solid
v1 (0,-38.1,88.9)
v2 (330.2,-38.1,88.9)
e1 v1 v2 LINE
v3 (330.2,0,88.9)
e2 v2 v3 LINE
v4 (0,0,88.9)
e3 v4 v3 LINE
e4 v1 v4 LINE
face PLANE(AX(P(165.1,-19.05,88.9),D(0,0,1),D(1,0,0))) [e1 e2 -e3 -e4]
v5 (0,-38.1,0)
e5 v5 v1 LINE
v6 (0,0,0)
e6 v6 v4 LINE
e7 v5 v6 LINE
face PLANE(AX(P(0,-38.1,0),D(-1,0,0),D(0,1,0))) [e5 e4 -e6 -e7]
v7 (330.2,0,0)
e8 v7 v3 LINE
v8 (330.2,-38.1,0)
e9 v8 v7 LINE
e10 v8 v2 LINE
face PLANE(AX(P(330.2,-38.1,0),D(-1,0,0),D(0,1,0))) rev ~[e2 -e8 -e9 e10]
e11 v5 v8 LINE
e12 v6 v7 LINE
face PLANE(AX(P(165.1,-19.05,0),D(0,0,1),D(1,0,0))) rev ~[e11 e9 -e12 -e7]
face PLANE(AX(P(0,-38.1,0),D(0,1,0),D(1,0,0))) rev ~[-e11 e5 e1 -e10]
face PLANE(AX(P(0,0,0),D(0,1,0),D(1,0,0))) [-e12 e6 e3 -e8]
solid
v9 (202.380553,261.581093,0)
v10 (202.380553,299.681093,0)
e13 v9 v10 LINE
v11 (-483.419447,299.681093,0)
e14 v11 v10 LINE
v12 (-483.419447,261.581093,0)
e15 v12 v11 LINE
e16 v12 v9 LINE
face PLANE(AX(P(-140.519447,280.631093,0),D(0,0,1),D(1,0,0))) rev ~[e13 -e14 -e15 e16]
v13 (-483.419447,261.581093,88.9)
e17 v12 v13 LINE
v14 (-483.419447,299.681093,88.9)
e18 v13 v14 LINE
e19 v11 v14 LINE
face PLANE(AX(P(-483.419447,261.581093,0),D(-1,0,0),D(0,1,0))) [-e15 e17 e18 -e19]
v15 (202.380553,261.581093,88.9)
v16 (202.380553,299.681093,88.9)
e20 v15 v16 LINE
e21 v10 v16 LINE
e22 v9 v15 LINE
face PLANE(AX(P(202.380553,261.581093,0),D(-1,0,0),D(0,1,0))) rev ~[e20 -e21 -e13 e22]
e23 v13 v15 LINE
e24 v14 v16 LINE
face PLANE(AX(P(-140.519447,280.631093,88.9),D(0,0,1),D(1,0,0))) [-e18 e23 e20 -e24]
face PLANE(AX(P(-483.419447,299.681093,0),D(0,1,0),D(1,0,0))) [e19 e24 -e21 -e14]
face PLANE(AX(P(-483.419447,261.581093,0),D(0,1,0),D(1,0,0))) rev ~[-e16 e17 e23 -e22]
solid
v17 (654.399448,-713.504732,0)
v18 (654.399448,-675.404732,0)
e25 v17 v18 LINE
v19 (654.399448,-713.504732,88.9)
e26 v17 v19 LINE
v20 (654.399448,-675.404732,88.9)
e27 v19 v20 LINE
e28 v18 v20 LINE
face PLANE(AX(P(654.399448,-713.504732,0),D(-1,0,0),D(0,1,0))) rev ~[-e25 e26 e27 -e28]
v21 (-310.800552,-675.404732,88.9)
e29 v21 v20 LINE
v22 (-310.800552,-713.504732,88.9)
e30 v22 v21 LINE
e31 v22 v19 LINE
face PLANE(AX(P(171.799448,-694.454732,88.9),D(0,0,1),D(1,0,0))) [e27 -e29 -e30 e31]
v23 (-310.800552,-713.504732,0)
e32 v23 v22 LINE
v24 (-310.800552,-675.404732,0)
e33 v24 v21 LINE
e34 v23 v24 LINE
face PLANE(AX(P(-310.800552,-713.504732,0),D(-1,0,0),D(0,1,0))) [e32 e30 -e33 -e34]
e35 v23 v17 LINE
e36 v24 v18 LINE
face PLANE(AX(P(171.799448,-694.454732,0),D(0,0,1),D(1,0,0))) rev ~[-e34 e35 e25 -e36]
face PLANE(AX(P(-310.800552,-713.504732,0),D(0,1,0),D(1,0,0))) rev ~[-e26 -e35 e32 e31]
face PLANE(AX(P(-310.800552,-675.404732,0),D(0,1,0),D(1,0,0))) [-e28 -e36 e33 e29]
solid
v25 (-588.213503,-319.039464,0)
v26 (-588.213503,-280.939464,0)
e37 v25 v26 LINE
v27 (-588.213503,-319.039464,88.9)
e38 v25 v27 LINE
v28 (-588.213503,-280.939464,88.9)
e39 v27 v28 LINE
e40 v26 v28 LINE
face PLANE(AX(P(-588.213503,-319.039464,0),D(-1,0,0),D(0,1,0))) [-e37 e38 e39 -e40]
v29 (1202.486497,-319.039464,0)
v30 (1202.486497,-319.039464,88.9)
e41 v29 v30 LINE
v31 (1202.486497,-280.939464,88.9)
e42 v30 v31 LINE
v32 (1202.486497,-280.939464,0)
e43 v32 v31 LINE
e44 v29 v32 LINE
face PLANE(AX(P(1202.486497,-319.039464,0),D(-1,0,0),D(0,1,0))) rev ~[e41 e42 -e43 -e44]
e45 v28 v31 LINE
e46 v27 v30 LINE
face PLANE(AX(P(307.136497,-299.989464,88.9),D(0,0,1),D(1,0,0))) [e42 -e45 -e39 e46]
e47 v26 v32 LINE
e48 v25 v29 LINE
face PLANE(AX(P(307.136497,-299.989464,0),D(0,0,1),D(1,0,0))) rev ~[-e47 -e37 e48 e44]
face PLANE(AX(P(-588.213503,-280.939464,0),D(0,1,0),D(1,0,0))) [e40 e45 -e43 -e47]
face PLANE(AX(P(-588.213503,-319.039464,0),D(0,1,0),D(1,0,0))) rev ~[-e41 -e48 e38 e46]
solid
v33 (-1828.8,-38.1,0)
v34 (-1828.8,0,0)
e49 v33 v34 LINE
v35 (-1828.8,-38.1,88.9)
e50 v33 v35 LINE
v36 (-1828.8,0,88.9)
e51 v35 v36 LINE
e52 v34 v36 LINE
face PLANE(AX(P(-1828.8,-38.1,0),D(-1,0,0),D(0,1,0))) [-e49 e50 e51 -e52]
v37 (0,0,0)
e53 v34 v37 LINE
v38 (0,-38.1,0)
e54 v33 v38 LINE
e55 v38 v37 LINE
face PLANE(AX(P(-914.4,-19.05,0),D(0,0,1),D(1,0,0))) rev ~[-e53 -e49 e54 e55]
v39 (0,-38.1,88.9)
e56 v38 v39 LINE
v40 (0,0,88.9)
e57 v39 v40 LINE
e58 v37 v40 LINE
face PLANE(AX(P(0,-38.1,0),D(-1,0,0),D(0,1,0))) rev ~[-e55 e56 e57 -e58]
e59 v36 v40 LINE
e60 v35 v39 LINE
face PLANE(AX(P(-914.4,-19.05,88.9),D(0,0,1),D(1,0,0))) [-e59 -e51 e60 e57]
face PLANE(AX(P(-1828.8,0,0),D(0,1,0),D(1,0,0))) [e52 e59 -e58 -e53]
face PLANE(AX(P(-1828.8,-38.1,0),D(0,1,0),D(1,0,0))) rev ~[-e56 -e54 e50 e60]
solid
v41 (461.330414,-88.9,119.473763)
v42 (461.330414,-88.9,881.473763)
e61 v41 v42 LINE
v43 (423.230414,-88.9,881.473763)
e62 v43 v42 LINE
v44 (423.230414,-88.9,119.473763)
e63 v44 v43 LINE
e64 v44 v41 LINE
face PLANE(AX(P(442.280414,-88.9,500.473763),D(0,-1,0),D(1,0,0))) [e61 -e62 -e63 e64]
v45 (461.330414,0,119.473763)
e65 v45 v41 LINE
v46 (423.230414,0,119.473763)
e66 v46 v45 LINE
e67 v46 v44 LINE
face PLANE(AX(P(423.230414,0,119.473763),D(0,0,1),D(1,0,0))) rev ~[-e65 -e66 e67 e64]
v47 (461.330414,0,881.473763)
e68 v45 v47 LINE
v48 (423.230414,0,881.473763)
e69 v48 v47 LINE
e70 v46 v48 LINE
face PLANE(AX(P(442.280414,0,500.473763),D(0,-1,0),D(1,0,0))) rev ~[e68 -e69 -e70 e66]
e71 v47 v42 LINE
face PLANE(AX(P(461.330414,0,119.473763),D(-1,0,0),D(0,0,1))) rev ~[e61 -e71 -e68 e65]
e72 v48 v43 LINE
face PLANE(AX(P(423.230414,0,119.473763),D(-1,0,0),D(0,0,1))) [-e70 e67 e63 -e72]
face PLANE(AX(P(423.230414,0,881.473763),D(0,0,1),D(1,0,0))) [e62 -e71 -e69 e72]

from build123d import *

# Parameters (mm, degrees)
F0_W      = 1828.8
F0_H      = 38.1
F1_DEPTH  = 88.9
F2_W      = 330.2
F2_H      = 38.1
F3_DEPTH  = 88.9
F4_W      = 1790.7
F4_H      = 38.1
F5_DEPTH  = 88.9
F6_W      = 965.2
F6_H      = 38.1
F7_DEPTH  = 88.9
F8_W      = 685.8
F8_H      = 38.1
F9_DEPTH  = 88.9
F10_W     = 38.1
F10_H     = 762
F11_DEPTH = 88.9


with BuildPart() as f1:
    # F0 (on Top) → F1 (new body)
    with BuildSketch(Plane.XY):
        with Locations((-914.4, -19.05)):
            Rectangle(F0_W, F0_H)
    extrude(amount=F1_DEPTH)


with BuildPart() as f3:
    # F2 (on Top) → F3 (new body)
    with BuildSketch(Plane.XY):
        with Locations((165.1, -19.05)):
            Rectangle(F2_W, F2_H)
    extrude(amount=F3_DEPTH)


with BuildPart() as f5:
    # F4 (on Top) → F5 (new body)
    with BuildSketch(Plane.XY):
        with Locations((307.136497, -299.989464)):
            Rectangle(F4_W, F4_H)
    extrude(amount=F5_DEPTH)


with BuildPart() as f7:
    # F6 (on Top) → F7 (new body)
    with BuildSketch(Plane.XY):
        with Locations((171.799448, -694.454732)):
            Rectangle(F6_W, F6_H)
    extrude(amount=F7_DEPTH)


with BuildPart() as f9:
    # F8 (on Top) → F9 (new body)
    with BuildSketch(Plane.XY):
        with Locations((-140.519447, 280.631093)):
            Rectangle(F8_W, F8_H)
    extrude(amount=F9_DEPTH)


with BuildPart() as f11:
    # F10 (on Front) → F11 (new body)
    with BuildSketch(Plane.XZ):
        with Locations((442.280414, 500.473763)):
            Rectangle(F10_W, F10_H)
    extrude(amount=F11_DEPTH)


solid = Compound([f1.part, f3.part, f5.part, f7.part, f9.part, f11.part])
